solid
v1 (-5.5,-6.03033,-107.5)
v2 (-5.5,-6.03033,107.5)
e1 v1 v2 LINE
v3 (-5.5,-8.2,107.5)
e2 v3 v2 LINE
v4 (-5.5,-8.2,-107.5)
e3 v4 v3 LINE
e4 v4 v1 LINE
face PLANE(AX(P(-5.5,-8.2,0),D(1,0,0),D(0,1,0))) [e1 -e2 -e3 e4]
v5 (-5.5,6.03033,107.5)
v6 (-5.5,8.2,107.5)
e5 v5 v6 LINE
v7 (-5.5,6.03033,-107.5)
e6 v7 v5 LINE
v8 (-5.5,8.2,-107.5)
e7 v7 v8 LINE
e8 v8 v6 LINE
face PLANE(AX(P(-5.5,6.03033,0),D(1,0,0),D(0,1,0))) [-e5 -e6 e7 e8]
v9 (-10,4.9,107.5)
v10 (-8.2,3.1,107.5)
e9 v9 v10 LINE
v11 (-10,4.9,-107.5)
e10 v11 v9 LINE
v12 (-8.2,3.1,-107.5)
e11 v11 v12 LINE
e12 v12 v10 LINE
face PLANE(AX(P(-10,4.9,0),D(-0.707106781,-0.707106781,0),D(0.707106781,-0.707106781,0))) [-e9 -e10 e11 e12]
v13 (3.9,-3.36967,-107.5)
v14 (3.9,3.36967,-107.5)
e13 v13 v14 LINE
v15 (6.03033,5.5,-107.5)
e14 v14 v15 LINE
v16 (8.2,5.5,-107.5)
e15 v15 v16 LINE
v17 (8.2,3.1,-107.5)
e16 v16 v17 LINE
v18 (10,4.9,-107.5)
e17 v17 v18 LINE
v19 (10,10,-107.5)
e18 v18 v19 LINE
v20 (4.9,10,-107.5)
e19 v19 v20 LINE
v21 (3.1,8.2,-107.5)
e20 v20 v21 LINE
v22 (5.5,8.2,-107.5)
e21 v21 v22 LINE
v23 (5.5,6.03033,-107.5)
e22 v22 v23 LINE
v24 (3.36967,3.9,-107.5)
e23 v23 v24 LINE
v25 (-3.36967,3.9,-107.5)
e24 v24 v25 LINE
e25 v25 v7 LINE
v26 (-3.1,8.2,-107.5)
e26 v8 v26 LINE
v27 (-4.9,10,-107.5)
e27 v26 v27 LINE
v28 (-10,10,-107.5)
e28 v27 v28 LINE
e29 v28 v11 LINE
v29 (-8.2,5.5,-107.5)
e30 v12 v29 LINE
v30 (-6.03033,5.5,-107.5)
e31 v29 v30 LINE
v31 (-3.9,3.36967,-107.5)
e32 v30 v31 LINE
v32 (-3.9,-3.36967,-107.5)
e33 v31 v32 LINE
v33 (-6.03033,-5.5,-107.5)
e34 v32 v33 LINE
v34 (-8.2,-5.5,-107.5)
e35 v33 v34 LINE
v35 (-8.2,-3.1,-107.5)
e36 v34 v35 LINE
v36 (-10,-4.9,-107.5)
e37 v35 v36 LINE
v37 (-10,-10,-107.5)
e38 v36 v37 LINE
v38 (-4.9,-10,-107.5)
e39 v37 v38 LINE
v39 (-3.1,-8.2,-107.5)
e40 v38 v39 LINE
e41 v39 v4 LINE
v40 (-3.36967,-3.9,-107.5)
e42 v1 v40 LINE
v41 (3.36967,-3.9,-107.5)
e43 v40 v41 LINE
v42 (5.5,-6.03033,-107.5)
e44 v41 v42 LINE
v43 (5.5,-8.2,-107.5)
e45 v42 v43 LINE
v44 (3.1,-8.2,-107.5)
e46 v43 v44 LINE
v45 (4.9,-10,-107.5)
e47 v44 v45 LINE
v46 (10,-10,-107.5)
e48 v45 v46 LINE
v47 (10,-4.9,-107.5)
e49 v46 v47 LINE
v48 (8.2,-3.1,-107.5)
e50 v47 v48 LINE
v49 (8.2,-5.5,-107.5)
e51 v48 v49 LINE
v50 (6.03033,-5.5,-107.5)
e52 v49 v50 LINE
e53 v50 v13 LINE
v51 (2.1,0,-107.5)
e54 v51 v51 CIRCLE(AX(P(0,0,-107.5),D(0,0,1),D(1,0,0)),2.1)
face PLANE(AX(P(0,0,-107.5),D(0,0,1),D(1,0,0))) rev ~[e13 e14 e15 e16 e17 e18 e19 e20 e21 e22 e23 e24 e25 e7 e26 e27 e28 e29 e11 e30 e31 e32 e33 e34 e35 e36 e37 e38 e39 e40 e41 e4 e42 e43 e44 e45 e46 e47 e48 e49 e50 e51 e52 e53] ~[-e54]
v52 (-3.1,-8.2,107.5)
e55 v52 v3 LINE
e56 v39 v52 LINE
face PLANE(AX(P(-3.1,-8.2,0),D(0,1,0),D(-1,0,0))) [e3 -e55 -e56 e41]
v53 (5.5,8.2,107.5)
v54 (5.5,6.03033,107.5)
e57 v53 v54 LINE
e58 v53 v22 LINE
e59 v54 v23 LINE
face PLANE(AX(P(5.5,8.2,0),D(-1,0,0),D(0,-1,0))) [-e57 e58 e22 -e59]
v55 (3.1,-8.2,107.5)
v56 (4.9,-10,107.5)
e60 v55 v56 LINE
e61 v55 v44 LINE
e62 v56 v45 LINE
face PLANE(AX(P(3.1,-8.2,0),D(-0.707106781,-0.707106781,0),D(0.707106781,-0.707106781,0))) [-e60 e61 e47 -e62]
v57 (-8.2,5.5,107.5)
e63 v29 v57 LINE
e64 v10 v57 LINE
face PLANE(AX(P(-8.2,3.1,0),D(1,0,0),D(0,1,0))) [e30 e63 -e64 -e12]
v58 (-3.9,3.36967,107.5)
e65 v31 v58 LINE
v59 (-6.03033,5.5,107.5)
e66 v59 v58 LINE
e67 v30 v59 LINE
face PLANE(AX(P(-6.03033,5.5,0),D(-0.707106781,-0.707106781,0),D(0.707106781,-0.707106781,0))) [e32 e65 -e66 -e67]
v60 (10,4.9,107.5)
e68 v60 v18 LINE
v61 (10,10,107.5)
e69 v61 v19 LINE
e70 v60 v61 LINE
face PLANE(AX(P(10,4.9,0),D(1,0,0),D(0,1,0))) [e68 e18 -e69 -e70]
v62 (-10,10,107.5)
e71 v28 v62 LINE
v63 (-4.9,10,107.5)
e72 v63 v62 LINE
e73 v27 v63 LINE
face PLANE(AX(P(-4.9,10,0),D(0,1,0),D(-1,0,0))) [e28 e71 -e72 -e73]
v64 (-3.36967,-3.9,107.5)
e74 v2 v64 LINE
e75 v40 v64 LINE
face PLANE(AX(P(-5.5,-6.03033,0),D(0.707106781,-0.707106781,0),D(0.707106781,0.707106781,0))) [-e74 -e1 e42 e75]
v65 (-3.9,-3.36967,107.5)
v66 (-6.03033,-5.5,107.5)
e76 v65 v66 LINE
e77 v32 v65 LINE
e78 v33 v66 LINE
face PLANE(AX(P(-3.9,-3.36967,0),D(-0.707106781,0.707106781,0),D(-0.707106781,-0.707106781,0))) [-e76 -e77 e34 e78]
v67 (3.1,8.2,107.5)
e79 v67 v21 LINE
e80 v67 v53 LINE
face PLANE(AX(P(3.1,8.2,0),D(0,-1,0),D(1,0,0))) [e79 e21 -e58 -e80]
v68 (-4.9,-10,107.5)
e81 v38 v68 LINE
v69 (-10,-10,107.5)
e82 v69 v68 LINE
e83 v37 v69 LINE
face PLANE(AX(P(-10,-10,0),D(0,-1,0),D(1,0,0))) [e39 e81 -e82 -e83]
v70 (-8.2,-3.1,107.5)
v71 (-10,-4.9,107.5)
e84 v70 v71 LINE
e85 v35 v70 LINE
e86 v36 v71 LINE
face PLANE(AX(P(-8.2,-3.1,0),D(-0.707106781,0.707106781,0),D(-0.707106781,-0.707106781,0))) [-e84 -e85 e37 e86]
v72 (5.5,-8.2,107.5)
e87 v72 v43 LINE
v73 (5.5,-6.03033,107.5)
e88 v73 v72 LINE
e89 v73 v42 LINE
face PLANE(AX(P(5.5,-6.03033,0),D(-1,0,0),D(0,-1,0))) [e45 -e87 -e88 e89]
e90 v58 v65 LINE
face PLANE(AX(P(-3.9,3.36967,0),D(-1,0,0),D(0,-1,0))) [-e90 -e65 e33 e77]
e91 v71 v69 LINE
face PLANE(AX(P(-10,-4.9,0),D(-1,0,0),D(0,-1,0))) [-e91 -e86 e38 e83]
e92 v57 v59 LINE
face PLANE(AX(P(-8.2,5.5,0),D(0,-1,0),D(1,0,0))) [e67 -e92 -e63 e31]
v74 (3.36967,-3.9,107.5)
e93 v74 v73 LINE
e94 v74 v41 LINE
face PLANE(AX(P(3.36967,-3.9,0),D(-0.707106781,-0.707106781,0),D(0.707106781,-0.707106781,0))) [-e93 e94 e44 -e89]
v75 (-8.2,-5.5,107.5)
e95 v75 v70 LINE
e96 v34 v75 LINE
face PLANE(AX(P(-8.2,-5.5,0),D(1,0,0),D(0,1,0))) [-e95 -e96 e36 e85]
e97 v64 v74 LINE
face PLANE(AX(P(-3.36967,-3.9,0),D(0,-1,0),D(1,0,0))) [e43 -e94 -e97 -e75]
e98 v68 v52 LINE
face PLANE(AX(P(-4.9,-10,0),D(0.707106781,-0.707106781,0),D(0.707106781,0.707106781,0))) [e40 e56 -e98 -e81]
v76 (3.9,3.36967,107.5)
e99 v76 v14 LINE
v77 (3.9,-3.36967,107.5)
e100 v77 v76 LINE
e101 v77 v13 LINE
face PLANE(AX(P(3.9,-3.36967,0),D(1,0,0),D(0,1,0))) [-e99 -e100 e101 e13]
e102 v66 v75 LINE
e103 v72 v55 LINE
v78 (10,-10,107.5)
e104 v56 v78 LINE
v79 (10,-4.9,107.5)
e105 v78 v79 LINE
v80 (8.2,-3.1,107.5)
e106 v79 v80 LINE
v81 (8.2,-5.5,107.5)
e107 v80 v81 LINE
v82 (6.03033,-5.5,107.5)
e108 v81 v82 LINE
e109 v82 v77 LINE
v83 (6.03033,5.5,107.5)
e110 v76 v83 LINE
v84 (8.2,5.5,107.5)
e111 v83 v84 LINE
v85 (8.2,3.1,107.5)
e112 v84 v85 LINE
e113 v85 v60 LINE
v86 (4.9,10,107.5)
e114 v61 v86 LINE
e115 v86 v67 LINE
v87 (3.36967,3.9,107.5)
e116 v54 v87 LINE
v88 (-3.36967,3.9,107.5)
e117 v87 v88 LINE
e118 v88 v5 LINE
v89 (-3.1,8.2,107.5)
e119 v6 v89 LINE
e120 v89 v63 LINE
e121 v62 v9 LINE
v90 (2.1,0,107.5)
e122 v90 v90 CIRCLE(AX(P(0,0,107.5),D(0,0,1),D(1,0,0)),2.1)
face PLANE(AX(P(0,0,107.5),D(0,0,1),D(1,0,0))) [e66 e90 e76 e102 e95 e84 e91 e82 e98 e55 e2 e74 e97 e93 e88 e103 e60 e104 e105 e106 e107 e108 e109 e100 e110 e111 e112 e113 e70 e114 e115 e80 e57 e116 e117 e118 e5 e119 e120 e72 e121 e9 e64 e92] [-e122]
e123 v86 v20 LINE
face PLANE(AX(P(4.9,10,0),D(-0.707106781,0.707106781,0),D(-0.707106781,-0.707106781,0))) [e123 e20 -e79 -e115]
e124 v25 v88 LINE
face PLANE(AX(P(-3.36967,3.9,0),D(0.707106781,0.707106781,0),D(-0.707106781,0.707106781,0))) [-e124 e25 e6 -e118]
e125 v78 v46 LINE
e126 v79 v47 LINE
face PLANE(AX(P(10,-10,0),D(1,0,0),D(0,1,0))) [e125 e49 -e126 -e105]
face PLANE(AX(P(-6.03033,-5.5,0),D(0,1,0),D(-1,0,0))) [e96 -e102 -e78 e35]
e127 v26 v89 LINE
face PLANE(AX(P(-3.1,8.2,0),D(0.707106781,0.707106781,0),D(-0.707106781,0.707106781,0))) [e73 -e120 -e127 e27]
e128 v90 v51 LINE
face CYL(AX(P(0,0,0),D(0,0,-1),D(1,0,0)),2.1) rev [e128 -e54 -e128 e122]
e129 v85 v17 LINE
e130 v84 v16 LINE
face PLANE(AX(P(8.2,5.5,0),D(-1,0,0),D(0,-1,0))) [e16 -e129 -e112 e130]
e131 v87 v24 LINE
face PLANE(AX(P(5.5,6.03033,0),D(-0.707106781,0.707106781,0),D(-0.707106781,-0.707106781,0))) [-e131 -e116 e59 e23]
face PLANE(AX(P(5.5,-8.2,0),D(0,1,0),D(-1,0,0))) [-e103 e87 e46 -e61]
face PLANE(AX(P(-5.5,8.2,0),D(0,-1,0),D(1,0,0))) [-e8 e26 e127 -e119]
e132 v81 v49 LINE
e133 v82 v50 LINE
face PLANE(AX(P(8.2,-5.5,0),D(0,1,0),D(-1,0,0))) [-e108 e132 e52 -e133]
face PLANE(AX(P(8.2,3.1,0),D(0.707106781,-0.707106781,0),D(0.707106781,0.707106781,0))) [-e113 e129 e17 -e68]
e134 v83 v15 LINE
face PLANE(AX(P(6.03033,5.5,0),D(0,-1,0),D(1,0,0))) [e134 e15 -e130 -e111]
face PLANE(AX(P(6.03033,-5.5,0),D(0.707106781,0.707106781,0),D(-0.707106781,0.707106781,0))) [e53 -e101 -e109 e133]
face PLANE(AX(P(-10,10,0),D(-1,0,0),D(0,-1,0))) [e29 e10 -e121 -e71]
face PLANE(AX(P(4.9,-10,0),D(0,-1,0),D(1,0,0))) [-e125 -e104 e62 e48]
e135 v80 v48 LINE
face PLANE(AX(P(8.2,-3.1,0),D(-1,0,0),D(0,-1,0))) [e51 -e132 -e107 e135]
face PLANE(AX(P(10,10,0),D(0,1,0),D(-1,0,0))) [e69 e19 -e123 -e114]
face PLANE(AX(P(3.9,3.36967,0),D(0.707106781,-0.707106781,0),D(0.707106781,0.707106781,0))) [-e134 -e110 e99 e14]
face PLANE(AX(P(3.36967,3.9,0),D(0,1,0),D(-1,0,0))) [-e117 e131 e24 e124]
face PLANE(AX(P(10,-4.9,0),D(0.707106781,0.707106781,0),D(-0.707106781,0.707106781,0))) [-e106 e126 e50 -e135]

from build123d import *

# Parameters (mm, degrees)
SKETCH_1_R      = 2.1
EXTRUDE_1_DEPTH = 107.5


with BuildPart() as part:
    # 草图1 → 凸台-拉伸1 (new, symmetric)
    with BuildSketch(Plane.XY):
        Polygon((3.369669914, 3.9), (-3.369669914, 3.9), (-5.5, 6.030330086), (-5.5, 8.2), (-3.1, 8.2), (-4.9, 10), (-10, 10), (-10, 4.9), (-8.2, 3.1), (-8.2, 5.5), (-6.030330086, 5.5), (-3.9, 3.369669914), (-3.9, -3.369669914), (-6.030330086, -5.5), (-8.2, -5.5), (-8.2, -3.1), (-10, -4.9), (-10, -10), (-4.9, -10), (-3.1, -8.2), (-5.5, -8.2), (-5.5, -6.030330086), (-3.369669914, -3.9), (3.369669914, -3.9), (5.5, -6.030330086), (5.5, -8.2), (3.1, -8.2), (4.9, -10), (10, -10), (10, -4.9), (8.2, -3.1), (8.2, -5.5), (6.030330086, -5.5), (3.9, -3.369669914), (3.9, 3.369669914), (6.030330086, 5.5), (8.2, 5.5), (8.2, 3.1), (10, 4.9), (10, 10), (4.9, 10), (3.1, 8.2), (5.5, 8.2), (5.5, 6.030330086), align=None)
        Circle(SKETCH_1_R, mode=Mode.SUBTRACT)
    extrude(amount=EXTRUDE_1_DEPTH, both=True)


solid = part.part
